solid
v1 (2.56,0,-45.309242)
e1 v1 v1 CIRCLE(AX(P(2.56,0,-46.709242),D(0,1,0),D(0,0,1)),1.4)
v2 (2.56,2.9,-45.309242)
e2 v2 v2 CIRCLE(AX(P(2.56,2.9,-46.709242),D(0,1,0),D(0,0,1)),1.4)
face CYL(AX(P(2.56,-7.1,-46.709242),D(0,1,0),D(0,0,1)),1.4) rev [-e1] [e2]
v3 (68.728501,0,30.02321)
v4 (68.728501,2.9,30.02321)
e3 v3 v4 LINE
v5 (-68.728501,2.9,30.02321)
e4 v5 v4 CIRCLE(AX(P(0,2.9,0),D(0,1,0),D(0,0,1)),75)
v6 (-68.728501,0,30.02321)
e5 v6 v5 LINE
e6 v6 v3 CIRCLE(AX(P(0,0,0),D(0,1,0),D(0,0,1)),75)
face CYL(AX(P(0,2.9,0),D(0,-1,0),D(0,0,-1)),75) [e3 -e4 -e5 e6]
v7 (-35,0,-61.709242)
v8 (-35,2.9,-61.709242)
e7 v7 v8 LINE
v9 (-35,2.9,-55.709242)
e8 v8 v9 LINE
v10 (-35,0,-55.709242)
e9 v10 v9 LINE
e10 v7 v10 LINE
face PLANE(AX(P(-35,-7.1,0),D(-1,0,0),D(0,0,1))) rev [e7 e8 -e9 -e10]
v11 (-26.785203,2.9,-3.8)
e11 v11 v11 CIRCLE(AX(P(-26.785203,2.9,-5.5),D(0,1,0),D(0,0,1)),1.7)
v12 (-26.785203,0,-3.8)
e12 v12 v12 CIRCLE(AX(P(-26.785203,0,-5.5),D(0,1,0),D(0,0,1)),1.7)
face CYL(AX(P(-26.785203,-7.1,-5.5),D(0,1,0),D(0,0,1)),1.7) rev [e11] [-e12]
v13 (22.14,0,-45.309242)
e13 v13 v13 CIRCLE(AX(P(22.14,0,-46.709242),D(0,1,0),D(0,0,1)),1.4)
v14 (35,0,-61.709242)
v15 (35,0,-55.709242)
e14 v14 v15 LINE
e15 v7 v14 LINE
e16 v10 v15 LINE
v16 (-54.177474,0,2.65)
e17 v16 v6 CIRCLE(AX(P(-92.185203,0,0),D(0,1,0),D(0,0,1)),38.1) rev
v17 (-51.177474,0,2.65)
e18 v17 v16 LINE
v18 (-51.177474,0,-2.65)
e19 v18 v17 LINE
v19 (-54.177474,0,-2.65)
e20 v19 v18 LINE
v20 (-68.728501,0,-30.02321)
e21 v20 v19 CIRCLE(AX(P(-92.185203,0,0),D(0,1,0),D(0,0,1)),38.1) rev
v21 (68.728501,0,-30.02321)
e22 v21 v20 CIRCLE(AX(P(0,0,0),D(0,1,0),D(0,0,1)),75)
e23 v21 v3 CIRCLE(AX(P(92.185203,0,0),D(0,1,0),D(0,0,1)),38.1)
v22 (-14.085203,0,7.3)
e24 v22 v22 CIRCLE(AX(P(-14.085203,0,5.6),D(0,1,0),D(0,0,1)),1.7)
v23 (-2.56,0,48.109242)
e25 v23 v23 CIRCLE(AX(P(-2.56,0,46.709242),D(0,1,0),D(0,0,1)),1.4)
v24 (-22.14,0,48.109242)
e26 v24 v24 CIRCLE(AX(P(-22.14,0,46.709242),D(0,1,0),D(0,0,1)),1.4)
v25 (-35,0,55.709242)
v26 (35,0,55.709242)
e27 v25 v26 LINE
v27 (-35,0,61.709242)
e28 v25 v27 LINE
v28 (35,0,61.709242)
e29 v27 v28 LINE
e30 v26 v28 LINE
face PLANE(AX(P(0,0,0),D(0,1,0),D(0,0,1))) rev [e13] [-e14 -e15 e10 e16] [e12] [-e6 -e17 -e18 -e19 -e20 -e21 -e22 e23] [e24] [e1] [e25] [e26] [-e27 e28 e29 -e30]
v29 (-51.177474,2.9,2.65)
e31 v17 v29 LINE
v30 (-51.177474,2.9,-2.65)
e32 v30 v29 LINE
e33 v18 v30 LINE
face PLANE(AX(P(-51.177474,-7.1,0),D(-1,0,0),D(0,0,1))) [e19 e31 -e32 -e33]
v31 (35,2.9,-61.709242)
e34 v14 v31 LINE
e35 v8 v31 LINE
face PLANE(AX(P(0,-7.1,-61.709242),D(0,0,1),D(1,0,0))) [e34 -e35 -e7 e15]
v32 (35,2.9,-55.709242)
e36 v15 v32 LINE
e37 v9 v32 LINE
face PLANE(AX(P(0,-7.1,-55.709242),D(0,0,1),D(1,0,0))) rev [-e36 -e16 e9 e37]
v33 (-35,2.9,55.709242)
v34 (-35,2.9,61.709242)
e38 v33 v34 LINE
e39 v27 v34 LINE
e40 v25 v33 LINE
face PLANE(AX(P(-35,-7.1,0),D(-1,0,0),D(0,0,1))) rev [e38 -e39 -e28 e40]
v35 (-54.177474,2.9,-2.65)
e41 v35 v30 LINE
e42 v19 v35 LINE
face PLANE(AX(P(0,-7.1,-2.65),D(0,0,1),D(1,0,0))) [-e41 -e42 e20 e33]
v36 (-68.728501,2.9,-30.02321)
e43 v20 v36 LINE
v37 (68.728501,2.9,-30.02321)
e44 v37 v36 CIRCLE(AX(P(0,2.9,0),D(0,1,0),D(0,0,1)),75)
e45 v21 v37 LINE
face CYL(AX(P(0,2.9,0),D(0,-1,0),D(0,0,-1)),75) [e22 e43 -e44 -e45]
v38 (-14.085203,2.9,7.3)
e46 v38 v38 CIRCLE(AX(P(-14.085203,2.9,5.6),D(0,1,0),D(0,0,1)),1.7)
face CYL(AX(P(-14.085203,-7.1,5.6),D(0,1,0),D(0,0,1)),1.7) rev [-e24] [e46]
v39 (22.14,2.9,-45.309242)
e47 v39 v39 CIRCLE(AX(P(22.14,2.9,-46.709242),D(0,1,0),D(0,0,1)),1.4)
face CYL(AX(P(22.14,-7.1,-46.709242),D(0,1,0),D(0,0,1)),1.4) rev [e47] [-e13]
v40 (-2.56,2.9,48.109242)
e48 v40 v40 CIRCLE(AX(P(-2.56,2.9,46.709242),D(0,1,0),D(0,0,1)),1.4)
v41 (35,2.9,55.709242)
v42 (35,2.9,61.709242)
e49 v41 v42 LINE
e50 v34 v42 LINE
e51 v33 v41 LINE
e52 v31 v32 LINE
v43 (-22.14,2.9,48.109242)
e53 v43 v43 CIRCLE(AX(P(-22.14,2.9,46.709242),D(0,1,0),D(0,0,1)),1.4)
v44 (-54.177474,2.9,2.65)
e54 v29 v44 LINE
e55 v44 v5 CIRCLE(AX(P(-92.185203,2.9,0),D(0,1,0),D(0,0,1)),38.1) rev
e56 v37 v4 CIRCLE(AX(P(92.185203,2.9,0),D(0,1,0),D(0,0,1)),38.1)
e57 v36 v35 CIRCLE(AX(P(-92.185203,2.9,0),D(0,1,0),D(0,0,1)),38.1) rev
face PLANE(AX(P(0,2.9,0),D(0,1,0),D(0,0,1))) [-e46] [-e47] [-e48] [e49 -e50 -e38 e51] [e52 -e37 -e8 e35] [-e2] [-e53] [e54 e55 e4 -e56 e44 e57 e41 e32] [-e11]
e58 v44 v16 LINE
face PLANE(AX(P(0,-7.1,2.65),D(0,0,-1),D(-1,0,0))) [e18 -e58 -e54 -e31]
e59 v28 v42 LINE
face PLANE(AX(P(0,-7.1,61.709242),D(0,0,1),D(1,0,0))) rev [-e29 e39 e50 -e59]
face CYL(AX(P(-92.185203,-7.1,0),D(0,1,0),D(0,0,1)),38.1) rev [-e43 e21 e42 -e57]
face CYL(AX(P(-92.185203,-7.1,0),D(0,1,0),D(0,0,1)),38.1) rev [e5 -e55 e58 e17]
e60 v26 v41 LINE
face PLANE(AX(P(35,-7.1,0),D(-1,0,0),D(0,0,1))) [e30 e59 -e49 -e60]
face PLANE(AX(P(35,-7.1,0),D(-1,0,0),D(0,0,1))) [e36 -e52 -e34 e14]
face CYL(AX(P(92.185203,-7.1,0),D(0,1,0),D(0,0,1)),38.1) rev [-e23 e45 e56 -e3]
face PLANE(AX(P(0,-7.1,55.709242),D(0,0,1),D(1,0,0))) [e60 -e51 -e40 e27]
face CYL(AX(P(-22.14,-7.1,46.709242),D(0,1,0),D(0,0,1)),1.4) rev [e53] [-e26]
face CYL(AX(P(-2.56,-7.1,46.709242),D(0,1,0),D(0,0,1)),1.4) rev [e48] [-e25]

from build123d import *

# Parameters (mm, degrees)
SKETCH1_R           = 75
BOSS_EXTRUDE1_DEPTH = 2.9
SKETCH2_W           = 70
SKETCH2_H           = 6
SKETCH2_R           = 1.4
CUT_EXTRUDE1_DEPTH  = 10
SKETCH3_R           = 1.7
CUT_EXTRUDE3_DEPTH  = 10


with BuildPart() as part:
    # Sketch1 → Boss-Extrude1 (new body)
    with BuildSketch(Plane(origin=(0, 0, 0), x_dir=(1, 0, 0), z_dir=(0, 1, 0))):
        with Locations(Location((0, 0, 0), (0, 0, 270))):
            Circle(SKETCH1_R)
    extrude(amount=BOSS_EXTRUDE1_DEPTH)

    # Sketch2 → Cut-Extrude1 (cut)
    with BuildSketch(Plane(origin=(0, 2.9, 0), x_dir=(1, 0, 0), z_dir=(0, 1, 0))):
        with Locations((0, -58.709242105)):
            Rectangle(SKETCH2_W, SKETCH2_H)
        with Locations((0, 58.709242105)):
            Rectangle(SKETCH2_W, SKETCH2_H)
        with BuildLine():
            ThreePointArc((-68.72850121, -30.023209712), (-54.08520342, 0), (-68.72850121, 30.023209712))
            ThreePointArc((-68.72850121, 30.023209712), (-75, 0), (-68.72850121, -30.023209712))
        make_face()
        with BuildLine():
            ThreePointArc((68.72850121, -30.023209712), (75, 0), (68.72850121, 30.023209712))
            ThreePointArc((68.72850121, 30.023209712), (54.08520342, 0), (68.72850121, -30.023209712))
        make_face()
        with Locations(Location((-22.14, -46.709242105, 0), (0, 0, 270))):
            Circle(SKETCH2_R)
        with Locations(Location((-2.56, -46.709242105, 0), (0, 0, 270))):
            Circle(SKETCH2_R)
        with Locations(Location((22.14, 46.709242105, 0), (0, 0, 270))):
            Circle(SKETCH2_R)
        with Locations(Location((2.56, 46.709242105, 0), (0, 0, 270))):
            Circle(SKETCH2_R)
    extrude(amount=-CUT_EXTRUDE1_DEPTH, mode=Mode.SUBTRACT)

    # Sketch3 → Cut-Extrude3 (cut)
    with BuildSketch(Plane(origin=(0, 2.9, 0), x_dir=(1, 0, 0), z_dir=(0, 1, 0))):
        with Locations(Location((-26.78520342, 5.5, 0), (0, 0, 270))):
            Circle(SKETCH3_R)
        with Locations(Location((-14.08520342, -5.6, 0), (0, 0, 270))):
            Circle(SKETCH3_R)
        with BuildLine():
            Line((-51.177473943, 2.65), (-54.177473943, 2.65))
            ThreePointArc((-54.177473943, 2.65), (-54.08520342, 0), (-54.177473943, -2.65))
            Line((-54.177473943, -2.65), (-51.177473943, -2.65))
            Line((-51.177473943, -2.65), (-51.177473943, 2.65))
        make_face()
    extrude(amount=-CUT_EXTRUDE3_DEPTH, mode=Mode.SUBTRACT)


solid = part.part
